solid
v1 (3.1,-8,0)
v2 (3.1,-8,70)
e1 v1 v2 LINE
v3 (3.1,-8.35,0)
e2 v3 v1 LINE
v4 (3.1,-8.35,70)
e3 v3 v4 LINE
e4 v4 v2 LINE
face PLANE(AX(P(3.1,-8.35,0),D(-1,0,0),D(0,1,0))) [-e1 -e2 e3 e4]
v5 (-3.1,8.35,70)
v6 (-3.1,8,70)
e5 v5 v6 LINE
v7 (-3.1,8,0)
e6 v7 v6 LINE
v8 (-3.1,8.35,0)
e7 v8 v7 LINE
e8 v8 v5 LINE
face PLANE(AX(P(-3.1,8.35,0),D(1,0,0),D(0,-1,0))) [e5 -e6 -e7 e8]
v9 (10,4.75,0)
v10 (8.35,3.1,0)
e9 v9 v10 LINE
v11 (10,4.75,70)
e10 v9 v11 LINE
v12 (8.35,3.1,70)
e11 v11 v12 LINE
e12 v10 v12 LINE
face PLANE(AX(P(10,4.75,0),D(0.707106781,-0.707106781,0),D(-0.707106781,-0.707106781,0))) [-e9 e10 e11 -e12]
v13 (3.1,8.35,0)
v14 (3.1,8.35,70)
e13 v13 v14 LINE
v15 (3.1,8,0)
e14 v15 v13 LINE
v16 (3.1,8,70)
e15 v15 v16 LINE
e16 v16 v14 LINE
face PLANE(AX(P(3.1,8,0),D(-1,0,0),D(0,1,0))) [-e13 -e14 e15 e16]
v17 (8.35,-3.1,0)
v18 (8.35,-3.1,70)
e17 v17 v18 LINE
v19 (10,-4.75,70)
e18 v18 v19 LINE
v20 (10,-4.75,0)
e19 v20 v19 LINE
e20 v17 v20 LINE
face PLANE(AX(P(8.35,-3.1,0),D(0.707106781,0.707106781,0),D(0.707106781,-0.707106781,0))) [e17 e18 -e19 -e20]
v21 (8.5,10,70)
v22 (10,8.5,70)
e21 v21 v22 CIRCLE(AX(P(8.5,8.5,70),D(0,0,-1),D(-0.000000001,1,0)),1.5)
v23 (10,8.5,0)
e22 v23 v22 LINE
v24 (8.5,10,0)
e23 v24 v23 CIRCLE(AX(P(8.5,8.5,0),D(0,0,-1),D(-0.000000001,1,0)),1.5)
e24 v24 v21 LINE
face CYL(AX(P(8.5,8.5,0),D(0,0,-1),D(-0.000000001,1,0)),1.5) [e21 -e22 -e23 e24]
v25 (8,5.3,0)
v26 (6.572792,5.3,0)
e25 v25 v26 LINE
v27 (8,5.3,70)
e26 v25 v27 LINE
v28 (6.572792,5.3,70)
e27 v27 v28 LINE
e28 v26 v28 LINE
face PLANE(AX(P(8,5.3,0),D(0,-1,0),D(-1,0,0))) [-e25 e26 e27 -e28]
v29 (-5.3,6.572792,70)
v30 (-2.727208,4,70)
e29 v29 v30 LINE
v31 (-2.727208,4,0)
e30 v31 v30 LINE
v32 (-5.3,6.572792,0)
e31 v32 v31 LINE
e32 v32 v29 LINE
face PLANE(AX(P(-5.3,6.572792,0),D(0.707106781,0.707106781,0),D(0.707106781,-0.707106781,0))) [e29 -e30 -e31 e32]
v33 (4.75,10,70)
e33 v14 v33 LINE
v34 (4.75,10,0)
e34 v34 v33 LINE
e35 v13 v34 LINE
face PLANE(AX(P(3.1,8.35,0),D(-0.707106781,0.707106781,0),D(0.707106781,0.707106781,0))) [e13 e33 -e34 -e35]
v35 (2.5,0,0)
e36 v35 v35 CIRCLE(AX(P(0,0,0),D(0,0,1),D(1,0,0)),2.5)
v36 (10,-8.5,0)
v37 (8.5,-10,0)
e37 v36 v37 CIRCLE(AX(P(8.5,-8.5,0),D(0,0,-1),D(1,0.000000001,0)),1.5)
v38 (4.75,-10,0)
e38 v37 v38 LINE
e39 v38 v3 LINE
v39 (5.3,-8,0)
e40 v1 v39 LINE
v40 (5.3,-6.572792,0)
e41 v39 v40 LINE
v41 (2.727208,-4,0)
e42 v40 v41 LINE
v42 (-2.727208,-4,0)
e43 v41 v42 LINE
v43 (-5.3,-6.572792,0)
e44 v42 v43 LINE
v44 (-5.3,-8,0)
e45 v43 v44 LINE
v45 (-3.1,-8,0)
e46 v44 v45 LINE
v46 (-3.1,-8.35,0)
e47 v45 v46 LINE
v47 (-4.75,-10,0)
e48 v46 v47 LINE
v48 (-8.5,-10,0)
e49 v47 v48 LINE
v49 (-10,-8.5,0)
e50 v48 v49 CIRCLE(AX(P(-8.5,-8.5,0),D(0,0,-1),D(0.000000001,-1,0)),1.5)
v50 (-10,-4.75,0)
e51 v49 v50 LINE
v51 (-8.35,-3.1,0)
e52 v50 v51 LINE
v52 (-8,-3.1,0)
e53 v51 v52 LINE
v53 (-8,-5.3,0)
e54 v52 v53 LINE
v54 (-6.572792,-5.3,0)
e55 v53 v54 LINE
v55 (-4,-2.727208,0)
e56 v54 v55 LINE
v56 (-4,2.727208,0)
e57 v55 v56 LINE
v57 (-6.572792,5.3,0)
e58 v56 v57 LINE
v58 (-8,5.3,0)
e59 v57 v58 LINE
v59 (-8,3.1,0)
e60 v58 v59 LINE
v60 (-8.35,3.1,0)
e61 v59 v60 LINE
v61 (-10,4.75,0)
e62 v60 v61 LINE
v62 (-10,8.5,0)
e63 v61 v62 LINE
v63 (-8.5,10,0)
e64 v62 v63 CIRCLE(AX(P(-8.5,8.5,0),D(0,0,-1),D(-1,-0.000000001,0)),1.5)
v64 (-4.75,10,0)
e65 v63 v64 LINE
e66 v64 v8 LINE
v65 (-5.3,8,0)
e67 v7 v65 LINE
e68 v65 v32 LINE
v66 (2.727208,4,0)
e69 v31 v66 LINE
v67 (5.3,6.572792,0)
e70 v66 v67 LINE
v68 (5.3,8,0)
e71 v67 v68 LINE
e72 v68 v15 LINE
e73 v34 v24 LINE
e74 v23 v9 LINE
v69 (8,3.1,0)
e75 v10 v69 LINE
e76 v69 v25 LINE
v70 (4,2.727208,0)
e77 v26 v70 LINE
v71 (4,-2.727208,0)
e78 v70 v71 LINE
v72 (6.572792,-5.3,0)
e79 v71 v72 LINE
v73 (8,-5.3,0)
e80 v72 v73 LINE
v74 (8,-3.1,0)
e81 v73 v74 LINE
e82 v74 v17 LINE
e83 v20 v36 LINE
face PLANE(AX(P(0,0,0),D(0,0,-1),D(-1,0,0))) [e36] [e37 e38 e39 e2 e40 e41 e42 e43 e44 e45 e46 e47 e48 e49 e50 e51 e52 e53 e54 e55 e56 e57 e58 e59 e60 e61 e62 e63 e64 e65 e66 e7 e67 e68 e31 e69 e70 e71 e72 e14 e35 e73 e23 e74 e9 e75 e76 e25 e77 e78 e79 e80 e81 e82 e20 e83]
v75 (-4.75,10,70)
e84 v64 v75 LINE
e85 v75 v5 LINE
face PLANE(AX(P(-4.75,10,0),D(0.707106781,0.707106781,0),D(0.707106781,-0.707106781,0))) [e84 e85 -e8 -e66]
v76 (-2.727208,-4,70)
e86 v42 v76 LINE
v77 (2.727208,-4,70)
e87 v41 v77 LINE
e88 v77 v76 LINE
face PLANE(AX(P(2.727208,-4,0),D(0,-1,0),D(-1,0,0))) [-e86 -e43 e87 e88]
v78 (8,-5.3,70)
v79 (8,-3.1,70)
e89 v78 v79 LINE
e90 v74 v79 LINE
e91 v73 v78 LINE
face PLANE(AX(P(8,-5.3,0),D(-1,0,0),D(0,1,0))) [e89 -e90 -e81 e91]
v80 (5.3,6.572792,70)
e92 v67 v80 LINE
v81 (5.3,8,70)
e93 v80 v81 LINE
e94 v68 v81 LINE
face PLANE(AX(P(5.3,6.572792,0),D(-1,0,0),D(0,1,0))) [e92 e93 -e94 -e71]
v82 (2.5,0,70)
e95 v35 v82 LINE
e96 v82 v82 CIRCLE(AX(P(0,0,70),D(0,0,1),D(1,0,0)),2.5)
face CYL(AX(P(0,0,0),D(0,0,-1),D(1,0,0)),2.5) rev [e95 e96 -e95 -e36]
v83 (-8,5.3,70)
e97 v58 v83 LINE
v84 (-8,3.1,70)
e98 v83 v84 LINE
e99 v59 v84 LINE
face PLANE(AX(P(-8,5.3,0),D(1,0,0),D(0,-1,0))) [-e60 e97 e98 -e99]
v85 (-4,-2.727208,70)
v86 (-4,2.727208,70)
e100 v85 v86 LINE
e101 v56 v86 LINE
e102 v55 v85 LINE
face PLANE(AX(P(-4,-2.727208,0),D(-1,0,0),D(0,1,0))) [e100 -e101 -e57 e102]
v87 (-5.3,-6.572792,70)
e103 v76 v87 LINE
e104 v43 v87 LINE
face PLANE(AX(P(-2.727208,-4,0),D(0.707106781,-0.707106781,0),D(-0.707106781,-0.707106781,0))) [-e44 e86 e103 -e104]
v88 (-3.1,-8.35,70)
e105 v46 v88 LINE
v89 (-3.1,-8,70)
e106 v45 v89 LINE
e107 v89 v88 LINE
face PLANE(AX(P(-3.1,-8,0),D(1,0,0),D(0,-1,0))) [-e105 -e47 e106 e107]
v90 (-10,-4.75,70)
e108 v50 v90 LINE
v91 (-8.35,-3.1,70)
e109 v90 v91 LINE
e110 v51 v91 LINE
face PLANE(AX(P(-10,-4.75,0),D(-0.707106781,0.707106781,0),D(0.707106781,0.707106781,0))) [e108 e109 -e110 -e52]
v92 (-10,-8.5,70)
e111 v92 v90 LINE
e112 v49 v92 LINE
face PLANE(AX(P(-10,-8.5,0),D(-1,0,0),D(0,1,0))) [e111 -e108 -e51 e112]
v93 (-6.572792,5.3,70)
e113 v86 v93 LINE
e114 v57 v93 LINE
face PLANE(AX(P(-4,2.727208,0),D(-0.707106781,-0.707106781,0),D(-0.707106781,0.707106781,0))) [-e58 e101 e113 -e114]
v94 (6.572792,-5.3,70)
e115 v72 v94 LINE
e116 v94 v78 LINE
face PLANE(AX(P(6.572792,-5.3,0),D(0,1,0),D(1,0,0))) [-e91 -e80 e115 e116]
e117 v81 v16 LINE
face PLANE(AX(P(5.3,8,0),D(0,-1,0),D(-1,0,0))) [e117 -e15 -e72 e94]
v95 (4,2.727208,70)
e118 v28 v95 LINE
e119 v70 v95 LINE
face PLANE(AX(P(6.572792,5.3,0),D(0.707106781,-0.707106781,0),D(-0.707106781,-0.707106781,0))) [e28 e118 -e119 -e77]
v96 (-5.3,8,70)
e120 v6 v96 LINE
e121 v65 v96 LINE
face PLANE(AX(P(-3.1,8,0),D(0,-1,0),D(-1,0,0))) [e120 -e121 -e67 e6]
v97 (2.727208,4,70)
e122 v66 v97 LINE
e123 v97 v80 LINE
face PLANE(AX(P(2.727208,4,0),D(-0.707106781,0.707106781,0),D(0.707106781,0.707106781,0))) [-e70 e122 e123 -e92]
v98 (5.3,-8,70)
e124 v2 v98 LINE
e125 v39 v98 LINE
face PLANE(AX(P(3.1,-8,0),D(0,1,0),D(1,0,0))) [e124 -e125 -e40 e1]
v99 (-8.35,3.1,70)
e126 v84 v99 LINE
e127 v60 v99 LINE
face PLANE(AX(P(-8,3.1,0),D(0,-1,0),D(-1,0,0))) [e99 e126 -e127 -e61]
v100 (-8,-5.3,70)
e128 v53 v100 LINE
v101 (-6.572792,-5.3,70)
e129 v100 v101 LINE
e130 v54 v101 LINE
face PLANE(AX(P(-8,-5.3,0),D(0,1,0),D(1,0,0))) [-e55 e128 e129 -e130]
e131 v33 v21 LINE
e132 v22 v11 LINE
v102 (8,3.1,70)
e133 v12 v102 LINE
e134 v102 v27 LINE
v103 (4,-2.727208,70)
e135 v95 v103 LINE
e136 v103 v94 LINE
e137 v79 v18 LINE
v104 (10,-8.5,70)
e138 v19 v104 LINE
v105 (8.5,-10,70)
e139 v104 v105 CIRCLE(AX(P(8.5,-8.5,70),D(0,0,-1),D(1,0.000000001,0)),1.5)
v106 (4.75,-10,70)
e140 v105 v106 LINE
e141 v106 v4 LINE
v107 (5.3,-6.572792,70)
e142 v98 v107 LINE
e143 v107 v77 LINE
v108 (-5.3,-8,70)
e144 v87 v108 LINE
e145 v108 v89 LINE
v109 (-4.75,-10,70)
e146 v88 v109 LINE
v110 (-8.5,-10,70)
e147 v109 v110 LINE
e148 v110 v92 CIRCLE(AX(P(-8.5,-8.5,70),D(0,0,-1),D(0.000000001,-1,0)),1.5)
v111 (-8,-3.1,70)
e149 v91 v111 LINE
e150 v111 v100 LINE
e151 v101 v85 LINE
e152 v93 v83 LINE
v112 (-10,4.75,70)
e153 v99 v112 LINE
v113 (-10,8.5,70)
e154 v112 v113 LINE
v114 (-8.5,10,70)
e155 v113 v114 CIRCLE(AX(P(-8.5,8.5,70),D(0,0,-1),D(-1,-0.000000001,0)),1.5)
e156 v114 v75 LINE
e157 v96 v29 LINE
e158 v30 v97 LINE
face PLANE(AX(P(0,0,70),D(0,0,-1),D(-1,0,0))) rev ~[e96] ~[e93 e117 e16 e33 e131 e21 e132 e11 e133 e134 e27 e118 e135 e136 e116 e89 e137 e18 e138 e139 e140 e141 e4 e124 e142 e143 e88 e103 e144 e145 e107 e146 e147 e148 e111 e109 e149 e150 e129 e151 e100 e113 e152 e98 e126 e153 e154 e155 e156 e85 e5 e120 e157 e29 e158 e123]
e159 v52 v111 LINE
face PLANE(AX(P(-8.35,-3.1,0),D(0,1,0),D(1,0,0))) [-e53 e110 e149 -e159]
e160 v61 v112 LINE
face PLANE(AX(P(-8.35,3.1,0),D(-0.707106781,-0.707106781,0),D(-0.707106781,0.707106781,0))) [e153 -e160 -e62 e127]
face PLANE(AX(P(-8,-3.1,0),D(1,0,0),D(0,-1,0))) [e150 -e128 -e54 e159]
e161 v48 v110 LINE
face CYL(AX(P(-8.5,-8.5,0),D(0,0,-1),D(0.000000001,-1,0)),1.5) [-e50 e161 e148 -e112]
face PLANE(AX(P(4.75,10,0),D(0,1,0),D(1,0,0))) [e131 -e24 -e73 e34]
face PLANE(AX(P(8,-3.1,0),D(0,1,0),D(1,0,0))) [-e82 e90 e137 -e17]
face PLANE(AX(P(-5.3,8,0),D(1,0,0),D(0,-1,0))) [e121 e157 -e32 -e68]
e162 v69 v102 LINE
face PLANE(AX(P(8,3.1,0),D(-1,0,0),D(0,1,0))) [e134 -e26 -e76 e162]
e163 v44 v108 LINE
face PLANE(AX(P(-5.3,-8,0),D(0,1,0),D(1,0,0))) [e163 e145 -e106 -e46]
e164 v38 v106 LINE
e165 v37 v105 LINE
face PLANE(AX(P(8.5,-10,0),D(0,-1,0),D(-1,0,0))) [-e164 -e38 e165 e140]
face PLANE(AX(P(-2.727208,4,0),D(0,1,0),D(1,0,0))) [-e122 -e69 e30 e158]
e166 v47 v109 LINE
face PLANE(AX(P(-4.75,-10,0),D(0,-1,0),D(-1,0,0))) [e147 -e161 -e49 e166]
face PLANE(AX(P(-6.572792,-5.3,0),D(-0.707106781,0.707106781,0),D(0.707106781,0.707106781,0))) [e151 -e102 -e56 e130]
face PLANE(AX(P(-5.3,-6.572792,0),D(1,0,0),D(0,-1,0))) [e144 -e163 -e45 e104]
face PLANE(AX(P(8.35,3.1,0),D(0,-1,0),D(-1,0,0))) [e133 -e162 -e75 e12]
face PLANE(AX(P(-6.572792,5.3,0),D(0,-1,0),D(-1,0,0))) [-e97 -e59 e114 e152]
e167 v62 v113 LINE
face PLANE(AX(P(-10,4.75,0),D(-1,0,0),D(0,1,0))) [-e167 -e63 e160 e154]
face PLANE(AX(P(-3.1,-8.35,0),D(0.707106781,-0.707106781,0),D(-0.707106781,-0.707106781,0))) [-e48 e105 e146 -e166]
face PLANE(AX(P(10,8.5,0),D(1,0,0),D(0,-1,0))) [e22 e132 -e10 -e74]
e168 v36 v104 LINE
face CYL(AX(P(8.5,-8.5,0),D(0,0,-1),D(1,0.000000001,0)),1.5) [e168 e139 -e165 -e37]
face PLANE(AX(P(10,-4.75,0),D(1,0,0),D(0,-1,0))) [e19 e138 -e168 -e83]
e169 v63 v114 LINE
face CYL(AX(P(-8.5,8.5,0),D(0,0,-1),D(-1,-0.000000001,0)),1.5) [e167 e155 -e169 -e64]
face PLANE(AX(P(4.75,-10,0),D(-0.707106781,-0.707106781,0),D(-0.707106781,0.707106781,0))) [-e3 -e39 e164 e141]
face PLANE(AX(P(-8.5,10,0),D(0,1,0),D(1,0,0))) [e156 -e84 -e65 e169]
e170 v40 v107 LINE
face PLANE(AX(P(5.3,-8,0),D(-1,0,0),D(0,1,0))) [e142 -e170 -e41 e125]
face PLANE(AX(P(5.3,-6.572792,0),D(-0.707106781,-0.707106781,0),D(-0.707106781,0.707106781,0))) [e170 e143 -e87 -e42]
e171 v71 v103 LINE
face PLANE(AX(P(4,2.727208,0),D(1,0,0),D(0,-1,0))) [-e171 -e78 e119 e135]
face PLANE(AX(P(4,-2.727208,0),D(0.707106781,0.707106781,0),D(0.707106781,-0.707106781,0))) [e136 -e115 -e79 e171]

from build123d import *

# Parameters (mm, degrees)
SKETCH2_R           = 2.5
BOSS_EXTRUDE1_DEPTH = 70


with BuildPart() as part:
    # Sketch2 → Boss-Extrude1 (new body)
    with BuildSketch(Plane.XY):
        with BuildLine():
            Line((-4, -2.727207794), (-4, 2.727207794))
            Line((-4, 2.727207794), (-6.572792206, 5.3))
            Line((-6.572792206, 5.3), (-8, 5.3))
            Line((-8, 5.3), (-8, 3.1))
            Line((-8, 3.1), (-8.35, 3.1))
            Line((-8.35, 3.1), (-10, 4.75))
            Line((-10, 4.75), (-10, 8.5))
            ThreePointArc((-10, 8.5), (-9.560660172, 9.560660172), (-8.5, 10))
            Line((-8.5, 10), (-4.75, 10))
            Line((-4.75, 10), (-3.1, 8.35))
            Line((-3.1, 8.35), (-3.1, 8))
            Line((-3.1, 8), (-5.3, 8))
            Line((-5.3, 8), (-5.3, 6.572792206))
            Line((-5.3, 6.572792206), (-2.727207794, 4))
            Line((-2.727207794, 4), (2.727207794, 4))
            Line((2.727207794, 4), (5.3, 6.572792206))
            Line((5.3, 6.572792206), (5.3, 8))
            Line((5.3, 8), (3.1, 8))
            Line((3.1, 8), (3.1, 8.35))
            Line((3.1, 8.35), (4.75, 10))
            Line((4.75, 10), (8.5, 10))
            ThreePointArc((8.5, 10), (9.560660172, 9.560660172), (10, 8.5))
            Line((10, 8.5), (10, 4.75))
            Line((10, 4.75), (8.35, 3.1))
            Line((8.35, 3.1), (8, 3.1))
            Line((8, 3.1), (8, 5.3))
            Line((8, 5.3), (6.572792206, 5.3))
            Line((6.572792206, 5.3), (4, 2.727207794))
            Line((4, 2.727207794), (4, -2.727207794))
            Line((4, -2.727207794), (6.572792206, -5.3))
            Line((6.572792206, -5.3), (8, -5.3))
            Line((8, -5.3), (8, -3.1))
            Line((8, -3.1), (8.35, -3.1))
            Line((8.35, -3.1), (10, -4.75))
            Line((10, -4.75), (10, -8.5))
            ThreePointArc((10, -8.5), (9.560660172, -9.560660172), (8.5, -10))
            Line((8.5, -10), (4.75, -10))
            Line((4.75, -10), (3.1, -8.35))
            Line((3.1, -8.35), (3.1, -8))
            Line((3.1, -8), (5.3, -8))
            Line((5.3, -8), (5.3, -6.572792206))
            Line((5.3, -6.572792206), (2.727207794, -4))
            Line((2.727207794, -4), (-2.727207794, -4))
            Line((-2.727207794, -4), (-5.3, -6.572792206))
            Line((-5.3, -6.572792206), (-5.3, -8))
            Line((-5.3, -8), (-3.1, -8))
            Line((-3.1, -8), (-3.1, -8.35))
            Line((-3.1, -8.35), (-4.75, -10))
            Line((-4.75, -10), (-8.5, -10))
            ThreePointArc((-8.5, -10), (-9.560660172, -9.560660172), (-10, -8.5))
            Line((-10, -8.5), (-10, -4.75))
            Line((-10, -4.75), (-8.35, -3.1))
            Line((-8.35, -3.1), (-8, -3.1))
            Line((-8, -3.1), (-8, -5.3))
            Line((-8, -5.3), (-6.572792206, -5.3))
            Line((-6.572792206, -5.3), (-4, -2.727207794))
        make_face()
        Circle(SKETCH2_R, mode=Mode.SUBTRACT)
    extrude(amount=BOSS_EXTRUDE1_DEPTH)


solid = part.part
